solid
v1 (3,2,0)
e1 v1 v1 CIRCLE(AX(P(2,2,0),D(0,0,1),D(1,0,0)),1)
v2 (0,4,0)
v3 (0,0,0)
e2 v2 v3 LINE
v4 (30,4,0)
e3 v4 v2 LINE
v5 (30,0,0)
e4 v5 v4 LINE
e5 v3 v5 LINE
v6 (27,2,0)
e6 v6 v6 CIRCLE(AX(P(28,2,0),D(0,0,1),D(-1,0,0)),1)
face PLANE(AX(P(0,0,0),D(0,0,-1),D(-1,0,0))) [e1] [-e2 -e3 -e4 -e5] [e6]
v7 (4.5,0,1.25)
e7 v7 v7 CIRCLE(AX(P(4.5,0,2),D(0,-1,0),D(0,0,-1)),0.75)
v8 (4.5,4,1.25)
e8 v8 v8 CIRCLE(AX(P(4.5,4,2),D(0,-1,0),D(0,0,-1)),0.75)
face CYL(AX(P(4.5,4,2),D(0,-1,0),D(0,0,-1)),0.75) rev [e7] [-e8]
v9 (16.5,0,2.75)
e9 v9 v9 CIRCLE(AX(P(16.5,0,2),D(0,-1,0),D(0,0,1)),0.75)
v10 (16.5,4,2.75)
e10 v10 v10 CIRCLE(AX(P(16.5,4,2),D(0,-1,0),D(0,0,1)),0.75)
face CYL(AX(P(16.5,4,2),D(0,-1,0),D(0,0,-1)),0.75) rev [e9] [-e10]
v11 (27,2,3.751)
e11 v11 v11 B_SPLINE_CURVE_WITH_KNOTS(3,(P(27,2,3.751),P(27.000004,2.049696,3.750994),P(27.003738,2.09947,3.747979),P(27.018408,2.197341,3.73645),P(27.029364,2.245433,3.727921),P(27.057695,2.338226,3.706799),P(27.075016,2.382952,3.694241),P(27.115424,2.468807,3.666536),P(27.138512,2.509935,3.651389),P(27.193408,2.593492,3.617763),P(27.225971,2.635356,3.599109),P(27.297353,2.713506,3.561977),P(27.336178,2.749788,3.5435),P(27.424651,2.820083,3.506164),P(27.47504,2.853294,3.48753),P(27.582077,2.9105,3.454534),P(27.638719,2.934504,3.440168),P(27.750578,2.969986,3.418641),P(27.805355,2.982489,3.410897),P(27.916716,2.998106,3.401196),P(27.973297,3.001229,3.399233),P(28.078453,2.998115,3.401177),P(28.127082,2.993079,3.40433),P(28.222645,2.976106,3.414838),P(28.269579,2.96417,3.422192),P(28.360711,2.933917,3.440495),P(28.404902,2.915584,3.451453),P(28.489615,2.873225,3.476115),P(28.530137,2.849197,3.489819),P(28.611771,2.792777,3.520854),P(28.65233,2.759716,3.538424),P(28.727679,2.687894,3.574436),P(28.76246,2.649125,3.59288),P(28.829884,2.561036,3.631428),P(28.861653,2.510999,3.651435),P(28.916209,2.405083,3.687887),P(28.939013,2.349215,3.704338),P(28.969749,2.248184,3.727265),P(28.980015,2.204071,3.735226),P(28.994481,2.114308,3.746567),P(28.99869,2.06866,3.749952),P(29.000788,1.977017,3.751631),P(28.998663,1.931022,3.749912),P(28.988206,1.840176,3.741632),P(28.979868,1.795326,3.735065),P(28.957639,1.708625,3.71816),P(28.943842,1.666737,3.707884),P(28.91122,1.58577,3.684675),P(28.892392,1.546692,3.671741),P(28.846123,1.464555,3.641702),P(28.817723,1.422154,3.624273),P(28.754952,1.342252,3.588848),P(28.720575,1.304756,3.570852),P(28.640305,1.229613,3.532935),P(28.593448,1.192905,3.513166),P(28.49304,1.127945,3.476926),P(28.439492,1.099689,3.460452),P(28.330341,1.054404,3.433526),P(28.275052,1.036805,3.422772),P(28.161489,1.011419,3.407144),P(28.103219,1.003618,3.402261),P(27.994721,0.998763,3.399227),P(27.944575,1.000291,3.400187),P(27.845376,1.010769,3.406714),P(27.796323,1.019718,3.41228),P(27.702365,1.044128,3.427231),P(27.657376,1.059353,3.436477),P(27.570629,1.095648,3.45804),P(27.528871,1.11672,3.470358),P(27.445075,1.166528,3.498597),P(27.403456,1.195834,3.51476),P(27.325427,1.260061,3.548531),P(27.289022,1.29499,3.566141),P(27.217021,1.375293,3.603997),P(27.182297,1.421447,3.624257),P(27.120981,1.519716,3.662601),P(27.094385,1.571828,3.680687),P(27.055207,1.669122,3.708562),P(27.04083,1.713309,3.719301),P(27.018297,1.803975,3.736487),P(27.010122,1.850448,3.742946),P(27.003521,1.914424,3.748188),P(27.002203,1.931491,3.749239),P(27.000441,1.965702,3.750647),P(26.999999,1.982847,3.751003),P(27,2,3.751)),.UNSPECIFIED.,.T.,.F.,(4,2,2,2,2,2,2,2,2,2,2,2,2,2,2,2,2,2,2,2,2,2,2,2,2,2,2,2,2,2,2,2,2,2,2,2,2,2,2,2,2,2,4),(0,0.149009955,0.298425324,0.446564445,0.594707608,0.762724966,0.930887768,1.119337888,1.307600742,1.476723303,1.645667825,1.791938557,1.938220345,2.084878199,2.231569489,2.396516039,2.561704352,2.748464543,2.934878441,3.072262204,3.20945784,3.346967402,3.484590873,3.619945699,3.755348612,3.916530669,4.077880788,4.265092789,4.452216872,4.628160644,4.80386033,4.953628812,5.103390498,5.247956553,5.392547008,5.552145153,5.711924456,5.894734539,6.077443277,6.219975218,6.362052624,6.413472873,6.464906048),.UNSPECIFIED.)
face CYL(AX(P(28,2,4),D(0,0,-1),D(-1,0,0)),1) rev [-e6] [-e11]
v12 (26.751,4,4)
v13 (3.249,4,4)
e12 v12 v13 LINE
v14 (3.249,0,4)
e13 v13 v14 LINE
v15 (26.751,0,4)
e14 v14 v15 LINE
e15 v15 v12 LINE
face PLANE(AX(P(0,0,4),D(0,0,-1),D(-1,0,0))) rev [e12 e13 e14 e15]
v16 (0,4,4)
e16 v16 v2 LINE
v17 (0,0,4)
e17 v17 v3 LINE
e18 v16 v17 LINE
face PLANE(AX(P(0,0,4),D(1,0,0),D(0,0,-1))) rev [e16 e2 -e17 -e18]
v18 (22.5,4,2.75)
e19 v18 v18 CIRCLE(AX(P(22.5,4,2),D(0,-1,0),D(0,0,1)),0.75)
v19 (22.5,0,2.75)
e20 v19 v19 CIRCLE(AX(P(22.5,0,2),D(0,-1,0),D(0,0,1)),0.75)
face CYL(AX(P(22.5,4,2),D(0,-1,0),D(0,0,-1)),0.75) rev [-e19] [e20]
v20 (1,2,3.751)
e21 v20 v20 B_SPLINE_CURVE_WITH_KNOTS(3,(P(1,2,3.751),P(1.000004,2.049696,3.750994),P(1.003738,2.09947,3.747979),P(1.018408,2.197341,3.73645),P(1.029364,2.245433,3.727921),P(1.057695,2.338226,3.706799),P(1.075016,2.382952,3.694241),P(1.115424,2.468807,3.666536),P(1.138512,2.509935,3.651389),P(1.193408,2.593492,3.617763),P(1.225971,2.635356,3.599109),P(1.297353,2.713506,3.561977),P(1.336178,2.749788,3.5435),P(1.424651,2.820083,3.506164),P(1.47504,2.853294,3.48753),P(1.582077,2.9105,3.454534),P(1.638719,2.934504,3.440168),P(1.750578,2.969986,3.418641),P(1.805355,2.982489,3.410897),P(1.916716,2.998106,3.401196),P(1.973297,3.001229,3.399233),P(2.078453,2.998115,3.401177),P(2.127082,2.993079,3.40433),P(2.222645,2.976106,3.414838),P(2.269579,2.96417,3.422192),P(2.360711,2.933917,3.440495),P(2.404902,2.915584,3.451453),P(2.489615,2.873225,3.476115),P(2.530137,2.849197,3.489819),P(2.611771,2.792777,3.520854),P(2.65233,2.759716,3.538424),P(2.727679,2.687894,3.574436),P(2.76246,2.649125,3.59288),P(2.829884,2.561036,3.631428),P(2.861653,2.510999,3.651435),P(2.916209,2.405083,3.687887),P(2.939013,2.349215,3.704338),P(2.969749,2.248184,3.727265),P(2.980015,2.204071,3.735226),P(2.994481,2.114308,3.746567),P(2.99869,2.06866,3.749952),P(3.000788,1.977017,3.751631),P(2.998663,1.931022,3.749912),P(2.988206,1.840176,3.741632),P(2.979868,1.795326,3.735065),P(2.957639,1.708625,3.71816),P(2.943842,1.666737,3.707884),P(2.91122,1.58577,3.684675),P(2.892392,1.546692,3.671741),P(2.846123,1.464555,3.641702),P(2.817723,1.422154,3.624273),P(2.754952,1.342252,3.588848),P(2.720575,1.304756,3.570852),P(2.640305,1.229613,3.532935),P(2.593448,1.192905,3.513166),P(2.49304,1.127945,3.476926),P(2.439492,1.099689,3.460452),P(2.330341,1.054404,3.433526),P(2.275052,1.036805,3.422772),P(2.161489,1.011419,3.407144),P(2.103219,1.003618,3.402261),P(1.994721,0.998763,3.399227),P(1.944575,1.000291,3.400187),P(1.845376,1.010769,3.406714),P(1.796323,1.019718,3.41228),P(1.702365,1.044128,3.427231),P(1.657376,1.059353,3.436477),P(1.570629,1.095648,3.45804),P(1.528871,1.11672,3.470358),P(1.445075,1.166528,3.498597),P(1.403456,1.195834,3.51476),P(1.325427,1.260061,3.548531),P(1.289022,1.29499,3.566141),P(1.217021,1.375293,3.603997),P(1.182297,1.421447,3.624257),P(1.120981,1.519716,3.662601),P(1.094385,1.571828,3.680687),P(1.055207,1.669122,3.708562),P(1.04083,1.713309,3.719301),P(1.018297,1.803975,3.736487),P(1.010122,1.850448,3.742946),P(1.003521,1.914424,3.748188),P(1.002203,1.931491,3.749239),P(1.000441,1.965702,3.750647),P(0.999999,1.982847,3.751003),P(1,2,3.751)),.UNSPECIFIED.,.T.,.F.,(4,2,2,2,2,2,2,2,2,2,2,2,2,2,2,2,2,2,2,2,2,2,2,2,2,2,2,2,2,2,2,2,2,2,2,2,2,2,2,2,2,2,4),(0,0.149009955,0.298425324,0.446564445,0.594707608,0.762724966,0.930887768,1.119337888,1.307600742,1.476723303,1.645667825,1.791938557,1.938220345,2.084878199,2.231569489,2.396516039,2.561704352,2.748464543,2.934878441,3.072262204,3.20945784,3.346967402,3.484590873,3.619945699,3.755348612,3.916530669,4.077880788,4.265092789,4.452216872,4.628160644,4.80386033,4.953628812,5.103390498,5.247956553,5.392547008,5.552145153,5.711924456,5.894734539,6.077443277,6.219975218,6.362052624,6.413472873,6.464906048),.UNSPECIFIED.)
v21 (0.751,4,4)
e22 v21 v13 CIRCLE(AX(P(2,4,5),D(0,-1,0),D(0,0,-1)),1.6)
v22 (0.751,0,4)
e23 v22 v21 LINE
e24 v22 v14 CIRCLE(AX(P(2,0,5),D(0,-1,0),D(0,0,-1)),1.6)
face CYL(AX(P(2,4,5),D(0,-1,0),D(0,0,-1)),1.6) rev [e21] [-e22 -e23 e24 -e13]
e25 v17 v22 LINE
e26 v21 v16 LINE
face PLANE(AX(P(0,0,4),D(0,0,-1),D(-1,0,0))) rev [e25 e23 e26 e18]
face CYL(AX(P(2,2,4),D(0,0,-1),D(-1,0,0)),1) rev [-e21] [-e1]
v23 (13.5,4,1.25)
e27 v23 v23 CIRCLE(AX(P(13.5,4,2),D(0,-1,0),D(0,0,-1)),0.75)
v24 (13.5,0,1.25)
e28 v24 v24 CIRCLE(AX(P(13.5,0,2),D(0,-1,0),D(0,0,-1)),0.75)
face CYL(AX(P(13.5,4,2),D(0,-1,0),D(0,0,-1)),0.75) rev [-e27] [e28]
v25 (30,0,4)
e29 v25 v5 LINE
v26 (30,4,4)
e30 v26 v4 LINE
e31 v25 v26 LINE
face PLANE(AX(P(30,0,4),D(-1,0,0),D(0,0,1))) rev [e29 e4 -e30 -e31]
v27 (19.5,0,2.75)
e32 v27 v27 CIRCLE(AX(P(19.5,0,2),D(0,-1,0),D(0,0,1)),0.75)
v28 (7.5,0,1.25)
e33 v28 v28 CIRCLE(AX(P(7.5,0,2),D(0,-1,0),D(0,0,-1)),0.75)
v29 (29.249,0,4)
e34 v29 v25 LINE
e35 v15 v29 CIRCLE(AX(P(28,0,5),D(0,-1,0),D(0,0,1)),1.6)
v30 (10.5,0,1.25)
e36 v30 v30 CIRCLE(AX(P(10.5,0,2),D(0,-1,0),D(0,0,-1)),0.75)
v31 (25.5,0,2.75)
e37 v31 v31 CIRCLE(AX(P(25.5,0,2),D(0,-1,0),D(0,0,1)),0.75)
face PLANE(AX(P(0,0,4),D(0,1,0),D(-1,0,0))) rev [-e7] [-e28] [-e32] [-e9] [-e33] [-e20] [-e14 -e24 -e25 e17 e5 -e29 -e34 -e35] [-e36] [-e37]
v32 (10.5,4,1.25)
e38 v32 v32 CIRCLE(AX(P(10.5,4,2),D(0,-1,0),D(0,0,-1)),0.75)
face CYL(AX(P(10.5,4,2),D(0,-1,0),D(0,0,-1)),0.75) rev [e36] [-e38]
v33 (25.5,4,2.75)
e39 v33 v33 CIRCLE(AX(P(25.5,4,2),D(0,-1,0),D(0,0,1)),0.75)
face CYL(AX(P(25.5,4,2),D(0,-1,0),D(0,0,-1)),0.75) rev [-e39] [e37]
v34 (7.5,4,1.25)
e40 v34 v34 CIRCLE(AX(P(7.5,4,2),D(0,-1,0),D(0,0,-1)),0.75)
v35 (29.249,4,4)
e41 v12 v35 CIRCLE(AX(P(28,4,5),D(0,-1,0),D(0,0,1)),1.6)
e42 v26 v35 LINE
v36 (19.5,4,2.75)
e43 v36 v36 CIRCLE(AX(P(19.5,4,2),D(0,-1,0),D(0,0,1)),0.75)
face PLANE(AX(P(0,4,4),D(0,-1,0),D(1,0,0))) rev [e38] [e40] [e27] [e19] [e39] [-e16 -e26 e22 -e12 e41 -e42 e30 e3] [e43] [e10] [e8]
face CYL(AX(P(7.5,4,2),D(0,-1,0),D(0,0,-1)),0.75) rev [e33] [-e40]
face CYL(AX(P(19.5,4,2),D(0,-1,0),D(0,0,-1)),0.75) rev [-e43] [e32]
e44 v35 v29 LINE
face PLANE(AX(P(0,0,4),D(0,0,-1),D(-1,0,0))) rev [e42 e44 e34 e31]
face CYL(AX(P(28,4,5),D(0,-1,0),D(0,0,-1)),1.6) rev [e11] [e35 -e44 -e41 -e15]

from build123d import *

# Parameters (mm, degrees)
CROQUIS1_W              = 30
CROQUIS1_H              = 4
CROQUIS1_R              = 1
SALIENTE_EXTRUIR1_DEPTH = 4
CROQUIS2_R              = 1.6
CROQUIS2_R_2            = 0.75
CORTAR_EXTRUIR1_DEPTH   = 4


with BuildPart() as part:
    # Croquis1 → Saliente-Extruir1 (new body)
    with BuildSketch(Plane.XY):
        with Locations((15, 2)):
            Rectangle(CROQUIS1_W, CROQUIS1_H)
        with Locations((2, 2)):
            Circle(CROQUIS1_R, mode=Mode.SUBTRACT)
        with Locations(Location((28, 2, 0), (0, 0, 180))):
            Circle(CROQUIS1_R, mode=Mode.SUBTRACT)
    extrude(amount=SALIENTE_EXTRUIR1_DEPTH)

    # Croquis2 → Cortar-Extruir1 (cut)
    with BuildSketch(Plane.XZ):
        with Locations((2, 5)):
            Circle(CROQUIS2_R)
        with Locations(Location((13.5, 2, 0), (0, 0, 270))):
            Circle(CROQUIS2_R_2)
        with Locations(Location((10.5, 2, 0), (0, 0, 270))):
            Circle(CROQUIS2_R_2)
        with Locations(Location((7.5, 2, 0), (0, 0, 270))):
            Circle(CROQUIS2_R_2)
        with Locations(Location((22.5, 2, 0), (0, 0, 90))):
            Circle(CROQUIS2_R_2)
        with Locations(Location((19.5, 2, 0), (0, 0, 90))):
            Circle(CROQUIS2_R_2)
        with Locations(Location((16.5, 2, 0), (0, 0, 90))):
            Circle(CROQUIS2_R_2)
        with Locations((28, 5)):
            Circle(CROQUIS2_R)
        with Locations(Location((25.5, 2, 0), (0, 0, 90))):
            Circle(CROQUIS2_R_2)
        with Locations(Location((4.5, 2, 0), (0, 0, 270))):
            Circle(CROQUIS2_R_2)
    extrude(amount=-CORTAR_EXTRUIR1_DEPTH, mode=Mode.SUBTRACT)


solid = part.part
